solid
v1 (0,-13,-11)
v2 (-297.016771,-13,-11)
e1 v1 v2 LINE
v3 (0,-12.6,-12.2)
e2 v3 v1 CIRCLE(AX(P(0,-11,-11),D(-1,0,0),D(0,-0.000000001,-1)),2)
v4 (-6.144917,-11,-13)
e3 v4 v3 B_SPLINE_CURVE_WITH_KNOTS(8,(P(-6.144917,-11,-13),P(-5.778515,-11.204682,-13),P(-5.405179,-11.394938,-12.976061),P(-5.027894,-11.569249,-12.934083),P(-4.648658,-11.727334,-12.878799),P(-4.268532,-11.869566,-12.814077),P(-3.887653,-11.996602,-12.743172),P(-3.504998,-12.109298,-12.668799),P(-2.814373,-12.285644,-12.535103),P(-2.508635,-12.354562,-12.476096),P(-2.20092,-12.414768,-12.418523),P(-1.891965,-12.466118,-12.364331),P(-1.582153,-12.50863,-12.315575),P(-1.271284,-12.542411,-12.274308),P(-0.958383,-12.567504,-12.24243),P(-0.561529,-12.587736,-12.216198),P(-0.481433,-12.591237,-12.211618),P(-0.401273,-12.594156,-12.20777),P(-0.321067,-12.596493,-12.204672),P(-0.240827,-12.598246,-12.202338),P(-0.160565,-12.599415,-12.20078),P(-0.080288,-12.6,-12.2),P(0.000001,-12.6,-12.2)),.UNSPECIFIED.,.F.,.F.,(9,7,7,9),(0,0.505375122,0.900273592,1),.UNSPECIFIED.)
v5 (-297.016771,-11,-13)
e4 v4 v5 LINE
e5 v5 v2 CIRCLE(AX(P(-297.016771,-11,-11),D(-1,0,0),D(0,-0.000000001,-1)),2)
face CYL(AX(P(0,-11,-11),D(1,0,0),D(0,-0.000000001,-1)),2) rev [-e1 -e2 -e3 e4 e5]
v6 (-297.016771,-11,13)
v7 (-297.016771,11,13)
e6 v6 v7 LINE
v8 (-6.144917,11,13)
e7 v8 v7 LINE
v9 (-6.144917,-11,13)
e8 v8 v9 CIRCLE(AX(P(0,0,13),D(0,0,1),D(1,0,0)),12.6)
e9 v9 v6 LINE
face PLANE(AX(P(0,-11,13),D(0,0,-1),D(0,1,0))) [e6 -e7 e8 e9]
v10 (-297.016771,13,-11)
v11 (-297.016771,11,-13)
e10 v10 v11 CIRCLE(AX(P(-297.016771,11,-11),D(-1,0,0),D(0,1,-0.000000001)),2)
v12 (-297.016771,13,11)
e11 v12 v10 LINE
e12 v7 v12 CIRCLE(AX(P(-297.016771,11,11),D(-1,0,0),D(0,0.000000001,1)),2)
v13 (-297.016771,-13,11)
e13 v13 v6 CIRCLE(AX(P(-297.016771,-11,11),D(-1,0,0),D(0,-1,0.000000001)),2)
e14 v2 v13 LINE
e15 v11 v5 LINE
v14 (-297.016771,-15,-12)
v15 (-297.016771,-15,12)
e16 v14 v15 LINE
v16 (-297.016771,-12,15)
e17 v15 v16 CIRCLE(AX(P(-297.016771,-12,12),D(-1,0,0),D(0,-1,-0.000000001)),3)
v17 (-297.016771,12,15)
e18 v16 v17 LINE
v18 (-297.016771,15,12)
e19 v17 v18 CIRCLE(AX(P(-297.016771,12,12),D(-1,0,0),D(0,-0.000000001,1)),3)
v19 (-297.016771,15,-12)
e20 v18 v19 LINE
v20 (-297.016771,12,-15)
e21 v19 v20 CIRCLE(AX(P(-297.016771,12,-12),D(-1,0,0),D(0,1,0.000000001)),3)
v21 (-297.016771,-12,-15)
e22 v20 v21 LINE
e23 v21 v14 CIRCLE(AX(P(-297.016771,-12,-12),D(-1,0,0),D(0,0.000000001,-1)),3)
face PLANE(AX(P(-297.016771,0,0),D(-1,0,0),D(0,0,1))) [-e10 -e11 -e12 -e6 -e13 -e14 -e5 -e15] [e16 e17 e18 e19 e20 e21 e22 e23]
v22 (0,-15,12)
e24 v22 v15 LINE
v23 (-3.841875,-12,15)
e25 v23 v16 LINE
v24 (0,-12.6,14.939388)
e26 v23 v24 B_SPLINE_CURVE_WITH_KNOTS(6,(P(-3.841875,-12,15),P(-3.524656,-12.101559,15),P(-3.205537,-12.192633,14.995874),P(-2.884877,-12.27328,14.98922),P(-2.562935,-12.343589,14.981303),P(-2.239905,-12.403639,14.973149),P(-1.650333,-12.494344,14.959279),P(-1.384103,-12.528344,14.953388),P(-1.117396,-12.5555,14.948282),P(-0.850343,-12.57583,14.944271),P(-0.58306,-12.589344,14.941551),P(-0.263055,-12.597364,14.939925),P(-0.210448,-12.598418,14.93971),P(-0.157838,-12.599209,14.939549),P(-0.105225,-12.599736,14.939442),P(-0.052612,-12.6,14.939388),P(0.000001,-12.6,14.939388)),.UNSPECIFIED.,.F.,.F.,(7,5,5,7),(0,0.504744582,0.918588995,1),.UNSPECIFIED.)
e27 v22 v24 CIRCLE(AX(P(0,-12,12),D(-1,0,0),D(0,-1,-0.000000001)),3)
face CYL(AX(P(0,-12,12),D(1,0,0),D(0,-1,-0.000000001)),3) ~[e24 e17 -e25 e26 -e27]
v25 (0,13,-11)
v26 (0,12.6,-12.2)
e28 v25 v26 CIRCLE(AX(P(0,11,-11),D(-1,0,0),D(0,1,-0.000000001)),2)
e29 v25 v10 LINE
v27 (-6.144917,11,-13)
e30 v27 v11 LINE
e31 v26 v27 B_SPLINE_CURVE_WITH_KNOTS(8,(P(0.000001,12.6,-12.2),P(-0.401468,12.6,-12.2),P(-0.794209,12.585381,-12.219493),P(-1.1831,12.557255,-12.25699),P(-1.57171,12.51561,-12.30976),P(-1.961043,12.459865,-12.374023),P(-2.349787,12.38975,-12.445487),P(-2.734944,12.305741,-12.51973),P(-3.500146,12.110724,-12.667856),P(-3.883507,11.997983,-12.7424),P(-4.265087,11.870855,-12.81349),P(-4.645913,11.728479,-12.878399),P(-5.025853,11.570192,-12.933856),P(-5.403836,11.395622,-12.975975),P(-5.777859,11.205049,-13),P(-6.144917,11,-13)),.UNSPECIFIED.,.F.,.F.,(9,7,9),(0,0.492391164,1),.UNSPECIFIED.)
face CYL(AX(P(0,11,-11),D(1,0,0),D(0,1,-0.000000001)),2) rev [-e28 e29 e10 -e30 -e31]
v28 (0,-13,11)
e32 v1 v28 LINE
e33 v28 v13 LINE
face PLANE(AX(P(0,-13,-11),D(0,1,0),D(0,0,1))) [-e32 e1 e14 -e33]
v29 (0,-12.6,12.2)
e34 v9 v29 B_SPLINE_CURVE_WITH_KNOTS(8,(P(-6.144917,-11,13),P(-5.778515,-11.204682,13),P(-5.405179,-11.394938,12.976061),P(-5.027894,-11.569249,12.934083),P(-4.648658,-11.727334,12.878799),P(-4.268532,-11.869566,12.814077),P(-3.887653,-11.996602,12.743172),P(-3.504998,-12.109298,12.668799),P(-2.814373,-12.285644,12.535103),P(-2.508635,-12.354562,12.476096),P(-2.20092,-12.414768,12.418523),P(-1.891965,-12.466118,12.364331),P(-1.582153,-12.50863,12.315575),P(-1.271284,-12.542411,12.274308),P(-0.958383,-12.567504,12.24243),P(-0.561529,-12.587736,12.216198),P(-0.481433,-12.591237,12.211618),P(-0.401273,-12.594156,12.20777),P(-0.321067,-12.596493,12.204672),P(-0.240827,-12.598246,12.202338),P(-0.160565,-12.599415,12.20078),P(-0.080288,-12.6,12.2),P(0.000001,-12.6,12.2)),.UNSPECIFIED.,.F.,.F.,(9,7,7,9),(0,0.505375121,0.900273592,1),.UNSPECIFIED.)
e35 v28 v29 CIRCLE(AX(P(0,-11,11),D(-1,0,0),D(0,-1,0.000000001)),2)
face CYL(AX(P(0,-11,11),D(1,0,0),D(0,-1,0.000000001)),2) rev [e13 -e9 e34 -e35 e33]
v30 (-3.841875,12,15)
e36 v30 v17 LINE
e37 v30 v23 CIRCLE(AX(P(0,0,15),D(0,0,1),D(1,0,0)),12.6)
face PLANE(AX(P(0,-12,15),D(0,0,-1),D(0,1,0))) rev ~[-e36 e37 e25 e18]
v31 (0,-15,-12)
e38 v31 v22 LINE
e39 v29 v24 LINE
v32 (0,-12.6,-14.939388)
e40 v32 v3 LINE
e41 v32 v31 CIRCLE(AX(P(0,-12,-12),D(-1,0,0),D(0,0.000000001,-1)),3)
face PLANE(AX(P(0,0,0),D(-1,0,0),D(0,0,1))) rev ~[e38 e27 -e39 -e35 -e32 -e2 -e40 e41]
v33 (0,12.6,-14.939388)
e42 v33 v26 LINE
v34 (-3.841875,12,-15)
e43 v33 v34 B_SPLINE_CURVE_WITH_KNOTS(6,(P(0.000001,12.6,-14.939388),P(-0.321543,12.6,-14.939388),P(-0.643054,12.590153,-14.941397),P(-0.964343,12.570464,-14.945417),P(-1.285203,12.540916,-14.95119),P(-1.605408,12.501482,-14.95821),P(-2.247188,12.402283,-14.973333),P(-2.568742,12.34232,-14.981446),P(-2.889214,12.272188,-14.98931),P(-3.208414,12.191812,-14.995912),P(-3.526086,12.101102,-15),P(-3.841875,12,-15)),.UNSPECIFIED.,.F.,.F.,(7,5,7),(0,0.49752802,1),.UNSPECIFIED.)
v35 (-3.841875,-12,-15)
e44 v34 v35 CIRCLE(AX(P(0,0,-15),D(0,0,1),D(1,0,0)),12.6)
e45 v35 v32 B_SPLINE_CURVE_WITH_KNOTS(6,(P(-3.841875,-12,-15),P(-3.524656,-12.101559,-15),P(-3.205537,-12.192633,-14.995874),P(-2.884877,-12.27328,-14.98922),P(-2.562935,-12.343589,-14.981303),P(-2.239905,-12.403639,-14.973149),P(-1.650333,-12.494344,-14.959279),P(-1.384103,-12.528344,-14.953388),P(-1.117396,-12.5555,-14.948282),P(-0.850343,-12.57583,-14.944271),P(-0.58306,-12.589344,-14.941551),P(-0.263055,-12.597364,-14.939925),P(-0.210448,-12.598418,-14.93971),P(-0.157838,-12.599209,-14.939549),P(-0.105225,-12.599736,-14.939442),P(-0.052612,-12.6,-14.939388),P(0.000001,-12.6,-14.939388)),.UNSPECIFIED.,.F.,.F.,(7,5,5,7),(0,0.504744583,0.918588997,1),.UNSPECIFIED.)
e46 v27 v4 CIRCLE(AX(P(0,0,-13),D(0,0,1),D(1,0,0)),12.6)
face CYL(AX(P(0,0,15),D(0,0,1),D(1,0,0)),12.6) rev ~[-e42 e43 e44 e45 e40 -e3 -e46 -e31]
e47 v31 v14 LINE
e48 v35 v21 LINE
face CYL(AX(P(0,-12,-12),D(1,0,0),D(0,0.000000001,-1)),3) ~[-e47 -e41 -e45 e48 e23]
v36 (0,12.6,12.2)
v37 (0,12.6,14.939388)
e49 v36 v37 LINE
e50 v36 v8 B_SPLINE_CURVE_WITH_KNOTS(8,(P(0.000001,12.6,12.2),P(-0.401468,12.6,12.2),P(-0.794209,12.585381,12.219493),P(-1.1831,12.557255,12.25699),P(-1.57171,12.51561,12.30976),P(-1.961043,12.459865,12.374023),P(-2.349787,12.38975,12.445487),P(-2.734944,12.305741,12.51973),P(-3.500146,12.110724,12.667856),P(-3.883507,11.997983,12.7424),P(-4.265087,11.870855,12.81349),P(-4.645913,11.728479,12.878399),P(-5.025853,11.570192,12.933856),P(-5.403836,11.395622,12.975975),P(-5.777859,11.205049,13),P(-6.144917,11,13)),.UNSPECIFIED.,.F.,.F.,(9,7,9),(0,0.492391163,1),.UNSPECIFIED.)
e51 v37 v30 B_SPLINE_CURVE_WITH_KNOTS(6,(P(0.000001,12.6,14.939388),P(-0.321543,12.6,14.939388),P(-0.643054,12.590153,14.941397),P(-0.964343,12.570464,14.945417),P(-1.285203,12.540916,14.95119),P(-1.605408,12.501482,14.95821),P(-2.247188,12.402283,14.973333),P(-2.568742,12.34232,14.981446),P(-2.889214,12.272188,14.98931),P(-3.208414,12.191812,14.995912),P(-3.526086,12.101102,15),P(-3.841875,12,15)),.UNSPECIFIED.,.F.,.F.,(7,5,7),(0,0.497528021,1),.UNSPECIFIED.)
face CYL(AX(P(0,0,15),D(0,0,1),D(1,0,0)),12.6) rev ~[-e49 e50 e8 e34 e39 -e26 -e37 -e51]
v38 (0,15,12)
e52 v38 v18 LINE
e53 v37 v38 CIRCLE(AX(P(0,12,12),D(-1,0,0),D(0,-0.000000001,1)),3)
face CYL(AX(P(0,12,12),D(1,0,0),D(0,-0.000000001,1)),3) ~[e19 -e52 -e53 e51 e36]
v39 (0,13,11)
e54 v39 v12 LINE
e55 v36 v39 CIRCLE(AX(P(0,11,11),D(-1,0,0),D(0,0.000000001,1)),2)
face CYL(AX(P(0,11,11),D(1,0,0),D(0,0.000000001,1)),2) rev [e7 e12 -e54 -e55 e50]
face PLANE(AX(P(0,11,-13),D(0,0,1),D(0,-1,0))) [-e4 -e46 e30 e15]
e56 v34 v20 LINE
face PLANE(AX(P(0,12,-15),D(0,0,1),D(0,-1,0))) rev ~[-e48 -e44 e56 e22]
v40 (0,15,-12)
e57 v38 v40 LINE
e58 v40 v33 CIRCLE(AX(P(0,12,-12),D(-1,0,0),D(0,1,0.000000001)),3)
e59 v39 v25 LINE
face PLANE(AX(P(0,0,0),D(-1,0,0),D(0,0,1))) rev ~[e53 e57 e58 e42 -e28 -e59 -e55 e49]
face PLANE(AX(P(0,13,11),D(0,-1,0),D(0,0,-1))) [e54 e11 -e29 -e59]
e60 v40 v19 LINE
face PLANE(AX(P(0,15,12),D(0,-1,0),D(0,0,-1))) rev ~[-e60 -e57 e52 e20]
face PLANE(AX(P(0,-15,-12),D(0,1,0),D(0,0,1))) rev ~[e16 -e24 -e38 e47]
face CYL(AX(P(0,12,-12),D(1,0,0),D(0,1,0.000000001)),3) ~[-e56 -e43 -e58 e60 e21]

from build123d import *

# Parameters (mm, degrees)
EXTRUDE_1_DEPTH     = 297.016771
SKETCH_2_R          = 12.6
CUT_EXTRUDE_1_DEPTH = 31


with BuildPart() as part:
    # Эскиз1 → Бобышка-Вытянуть1 (new body)
    with BuildSketch(Plane(origin=(0, 0, 0), x_dir=(0, 0, -1), z_dir=(1, 0, 0))):
        with BuildLine():
            Line((-12, 15), (12, 15))
            ThreePointArc((12, 15), (14.121320344, 14.121320344), (15, 12))
            Line((15, 12), (15, -12))
            ThreePointArc((15, -12), (14.121320344, -14.121320344), (12, -15))
            Line((12, -15), (-12, -15))
            ThreePointArc((-12, -15), (-14.121320344, -14.121320344), (-15, -12))
            Line((-15, -12), (-15, 12))
            ThreePointArc((-15, 12), (-14.121320344, 14.121320344), (-12, 15))
        make_face()
        with BuildLine():
            Line((-11, 13), (11, 13))
            ThreePointArc((11, 13), (12.414213562, 12.414213562), (13, 11))
            Line((13, 11), (13, -11))
            ThreePointArc((13, -11), (12.414213562, -12.414213562), (11, -13))
            Line((11, -13), (-11, -13))
            ThreePointArc((-11, -13), (-12.414213562, -12.414213562), (-13, -11))
            Line((-13, -11), (-13, 11))
            ThreePointArc((-13, 11), (-12.414213562, 12.414213562), (-11, 13))
        make_face(mode=Mode.SUBTRACT)
    extrude(amount=-EXTRUDE_1_DEPTH)

    # Эскиз2 → Вырез-Вытянуть1 (cut, through all)
    with BuildSketch(Plane.XY.offset(15)):
        Circle(SKETCH_2_R)
    extrude(amount=-CUT_EXTRUDE_1_DEPTH, mode=Mode.SUBTRACT)


solid = part.part
